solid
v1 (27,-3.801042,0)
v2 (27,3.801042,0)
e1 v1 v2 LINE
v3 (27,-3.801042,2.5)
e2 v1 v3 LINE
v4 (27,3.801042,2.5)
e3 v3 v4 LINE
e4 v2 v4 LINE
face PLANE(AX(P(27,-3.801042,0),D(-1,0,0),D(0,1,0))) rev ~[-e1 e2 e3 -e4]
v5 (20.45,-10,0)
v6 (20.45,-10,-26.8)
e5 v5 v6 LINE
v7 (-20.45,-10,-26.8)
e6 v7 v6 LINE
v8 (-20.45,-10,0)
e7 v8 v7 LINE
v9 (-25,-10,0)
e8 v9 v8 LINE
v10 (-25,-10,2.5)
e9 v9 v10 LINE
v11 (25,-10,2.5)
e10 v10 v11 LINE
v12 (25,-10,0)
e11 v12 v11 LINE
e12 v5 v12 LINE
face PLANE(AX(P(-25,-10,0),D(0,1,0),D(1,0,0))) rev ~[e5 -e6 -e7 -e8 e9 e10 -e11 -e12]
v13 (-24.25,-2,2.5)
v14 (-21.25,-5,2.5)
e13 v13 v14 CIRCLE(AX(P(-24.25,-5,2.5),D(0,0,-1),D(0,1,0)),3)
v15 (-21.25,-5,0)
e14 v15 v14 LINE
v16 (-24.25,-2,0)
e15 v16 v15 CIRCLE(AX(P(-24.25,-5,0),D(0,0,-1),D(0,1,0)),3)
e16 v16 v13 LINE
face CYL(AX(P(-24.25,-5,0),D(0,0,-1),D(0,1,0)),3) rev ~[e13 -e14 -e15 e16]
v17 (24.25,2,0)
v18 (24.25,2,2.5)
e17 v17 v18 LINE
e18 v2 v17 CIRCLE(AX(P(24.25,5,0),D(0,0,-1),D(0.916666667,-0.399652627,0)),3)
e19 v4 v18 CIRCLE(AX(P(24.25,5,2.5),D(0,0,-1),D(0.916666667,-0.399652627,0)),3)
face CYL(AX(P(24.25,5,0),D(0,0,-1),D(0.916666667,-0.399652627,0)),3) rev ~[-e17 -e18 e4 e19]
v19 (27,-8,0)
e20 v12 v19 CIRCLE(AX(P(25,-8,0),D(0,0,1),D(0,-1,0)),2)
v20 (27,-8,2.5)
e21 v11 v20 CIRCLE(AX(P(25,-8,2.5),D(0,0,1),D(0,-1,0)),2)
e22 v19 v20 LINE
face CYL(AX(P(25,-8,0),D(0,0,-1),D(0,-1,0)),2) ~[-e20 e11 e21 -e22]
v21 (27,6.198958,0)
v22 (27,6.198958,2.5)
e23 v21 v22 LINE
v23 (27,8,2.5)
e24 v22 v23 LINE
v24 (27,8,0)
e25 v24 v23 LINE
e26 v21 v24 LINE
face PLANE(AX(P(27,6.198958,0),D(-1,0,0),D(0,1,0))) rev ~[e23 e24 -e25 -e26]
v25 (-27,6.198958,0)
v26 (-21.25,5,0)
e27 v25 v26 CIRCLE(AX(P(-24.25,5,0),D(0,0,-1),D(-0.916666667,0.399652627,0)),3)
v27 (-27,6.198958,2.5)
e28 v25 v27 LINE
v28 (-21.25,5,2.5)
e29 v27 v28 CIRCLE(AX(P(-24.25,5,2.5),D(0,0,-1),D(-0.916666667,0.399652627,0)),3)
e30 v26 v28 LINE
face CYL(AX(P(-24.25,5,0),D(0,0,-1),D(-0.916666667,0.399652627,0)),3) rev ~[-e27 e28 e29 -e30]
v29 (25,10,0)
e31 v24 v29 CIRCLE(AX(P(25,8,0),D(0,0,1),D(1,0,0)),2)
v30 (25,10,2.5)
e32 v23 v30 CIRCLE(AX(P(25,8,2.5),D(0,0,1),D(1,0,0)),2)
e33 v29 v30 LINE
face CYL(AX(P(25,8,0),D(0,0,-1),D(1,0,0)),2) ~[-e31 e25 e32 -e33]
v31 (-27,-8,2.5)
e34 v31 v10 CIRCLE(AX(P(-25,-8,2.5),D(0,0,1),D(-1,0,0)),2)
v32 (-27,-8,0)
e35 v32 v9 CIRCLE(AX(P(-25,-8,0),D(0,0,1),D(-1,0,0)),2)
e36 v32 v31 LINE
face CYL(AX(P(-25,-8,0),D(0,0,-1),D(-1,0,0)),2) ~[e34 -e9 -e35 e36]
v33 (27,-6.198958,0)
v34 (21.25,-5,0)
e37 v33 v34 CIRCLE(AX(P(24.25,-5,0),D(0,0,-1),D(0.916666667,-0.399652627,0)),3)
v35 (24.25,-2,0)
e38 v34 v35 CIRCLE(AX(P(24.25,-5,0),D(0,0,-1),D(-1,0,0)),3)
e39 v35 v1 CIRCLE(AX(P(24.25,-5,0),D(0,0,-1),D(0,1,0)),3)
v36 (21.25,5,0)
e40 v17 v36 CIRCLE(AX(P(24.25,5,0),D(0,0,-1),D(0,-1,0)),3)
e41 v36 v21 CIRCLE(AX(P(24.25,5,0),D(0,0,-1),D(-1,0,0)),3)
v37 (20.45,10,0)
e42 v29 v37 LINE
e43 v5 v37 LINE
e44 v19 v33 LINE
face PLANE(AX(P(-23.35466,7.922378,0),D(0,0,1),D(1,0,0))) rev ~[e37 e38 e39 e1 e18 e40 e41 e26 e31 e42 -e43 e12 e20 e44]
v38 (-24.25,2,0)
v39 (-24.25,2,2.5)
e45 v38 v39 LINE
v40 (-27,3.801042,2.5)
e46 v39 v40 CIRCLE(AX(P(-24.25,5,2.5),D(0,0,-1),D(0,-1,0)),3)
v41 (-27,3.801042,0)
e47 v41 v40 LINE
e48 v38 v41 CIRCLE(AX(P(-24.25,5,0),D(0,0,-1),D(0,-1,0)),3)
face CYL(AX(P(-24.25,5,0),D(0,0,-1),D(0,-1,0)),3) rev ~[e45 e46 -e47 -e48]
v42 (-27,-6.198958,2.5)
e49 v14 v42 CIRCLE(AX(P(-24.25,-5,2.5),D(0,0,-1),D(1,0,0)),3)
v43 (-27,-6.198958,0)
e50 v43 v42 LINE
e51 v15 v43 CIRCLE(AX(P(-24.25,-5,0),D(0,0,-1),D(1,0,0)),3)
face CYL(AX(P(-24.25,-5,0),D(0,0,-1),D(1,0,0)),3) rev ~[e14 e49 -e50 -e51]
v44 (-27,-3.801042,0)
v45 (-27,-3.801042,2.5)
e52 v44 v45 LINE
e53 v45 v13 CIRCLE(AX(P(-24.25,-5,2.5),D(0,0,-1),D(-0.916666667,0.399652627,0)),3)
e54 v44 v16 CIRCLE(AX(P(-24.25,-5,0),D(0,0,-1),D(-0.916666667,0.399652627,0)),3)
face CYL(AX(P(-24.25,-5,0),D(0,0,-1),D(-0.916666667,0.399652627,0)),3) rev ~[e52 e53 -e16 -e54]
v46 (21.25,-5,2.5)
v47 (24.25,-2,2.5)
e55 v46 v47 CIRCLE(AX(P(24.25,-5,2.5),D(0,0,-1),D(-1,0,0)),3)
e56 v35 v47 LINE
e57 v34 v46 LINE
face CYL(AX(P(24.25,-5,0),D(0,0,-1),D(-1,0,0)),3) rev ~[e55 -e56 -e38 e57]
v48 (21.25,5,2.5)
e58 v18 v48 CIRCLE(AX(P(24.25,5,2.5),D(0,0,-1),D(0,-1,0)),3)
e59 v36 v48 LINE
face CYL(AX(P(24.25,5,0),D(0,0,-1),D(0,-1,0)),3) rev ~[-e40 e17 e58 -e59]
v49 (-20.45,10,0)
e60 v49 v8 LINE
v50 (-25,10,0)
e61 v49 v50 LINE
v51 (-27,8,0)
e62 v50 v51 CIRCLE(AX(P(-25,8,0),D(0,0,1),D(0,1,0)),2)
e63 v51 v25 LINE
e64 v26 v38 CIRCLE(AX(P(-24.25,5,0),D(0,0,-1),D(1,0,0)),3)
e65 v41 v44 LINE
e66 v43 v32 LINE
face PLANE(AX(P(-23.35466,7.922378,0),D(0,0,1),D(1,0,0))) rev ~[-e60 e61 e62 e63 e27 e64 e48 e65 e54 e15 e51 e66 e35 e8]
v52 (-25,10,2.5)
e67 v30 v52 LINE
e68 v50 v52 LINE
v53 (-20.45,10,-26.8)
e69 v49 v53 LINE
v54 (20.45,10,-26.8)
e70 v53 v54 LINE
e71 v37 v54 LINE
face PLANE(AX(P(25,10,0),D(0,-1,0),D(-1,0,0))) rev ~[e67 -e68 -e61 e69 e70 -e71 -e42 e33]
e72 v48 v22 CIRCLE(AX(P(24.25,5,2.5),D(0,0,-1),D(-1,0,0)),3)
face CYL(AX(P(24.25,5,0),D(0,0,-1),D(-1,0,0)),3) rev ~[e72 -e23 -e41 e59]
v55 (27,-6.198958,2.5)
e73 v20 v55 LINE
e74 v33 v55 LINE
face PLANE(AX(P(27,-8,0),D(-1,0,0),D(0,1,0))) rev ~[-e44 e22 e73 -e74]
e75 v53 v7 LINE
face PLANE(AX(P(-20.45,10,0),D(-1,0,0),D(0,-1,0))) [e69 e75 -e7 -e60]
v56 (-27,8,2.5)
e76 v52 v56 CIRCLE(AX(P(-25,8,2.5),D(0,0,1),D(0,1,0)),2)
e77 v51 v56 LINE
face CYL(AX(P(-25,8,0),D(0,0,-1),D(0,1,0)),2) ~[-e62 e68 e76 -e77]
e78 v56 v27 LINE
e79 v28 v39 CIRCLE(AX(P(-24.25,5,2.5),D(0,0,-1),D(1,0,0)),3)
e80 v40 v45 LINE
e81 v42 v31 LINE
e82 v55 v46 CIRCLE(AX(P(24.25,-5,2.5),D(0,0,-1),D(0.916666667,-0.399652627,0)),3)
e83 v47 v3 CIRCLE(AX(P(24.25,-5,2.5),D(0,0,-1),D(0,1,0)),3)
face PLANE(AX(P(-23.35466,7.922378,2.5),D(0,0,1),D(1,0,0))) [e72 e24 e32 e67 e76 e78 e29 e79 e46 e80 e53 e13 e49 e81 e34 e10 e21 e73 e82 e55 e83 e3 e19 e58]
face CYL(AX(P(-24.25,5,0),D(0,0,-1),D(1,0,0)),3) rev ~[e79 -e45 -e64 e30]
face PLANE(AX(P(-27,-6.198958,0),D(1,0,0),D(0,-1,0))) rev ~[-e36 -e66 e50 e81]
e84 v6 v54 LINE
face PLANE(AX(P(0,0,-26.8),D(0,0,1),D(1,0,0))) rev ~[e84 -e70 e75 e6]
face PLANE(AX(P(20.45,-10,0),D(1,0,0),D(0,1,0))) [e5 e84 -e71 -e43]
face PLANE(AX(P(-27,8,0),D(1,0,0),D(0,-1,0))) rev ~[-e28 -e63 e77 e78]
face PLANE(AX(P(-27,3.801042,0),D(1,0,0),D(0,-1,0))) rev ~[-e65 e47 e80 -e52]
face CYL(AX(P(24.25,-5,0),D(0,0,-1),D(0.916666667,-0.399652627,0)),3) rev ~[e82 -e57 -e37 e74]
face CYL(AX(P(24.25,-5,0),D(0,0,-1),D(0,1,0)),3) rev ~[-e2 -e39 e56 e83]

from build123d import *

# Parameters (mm, degrees)
F0_W     = 40.9
F0_H     = 10
F0_H_2   = 5
F1_DEPTH = 26.8
F2_DEPTH = 2.5


with BuildPart() as f1:
    # F0 (on Top) → F1 (new body)
    with BuildSketch(Plane.XY):
        Rectangle(F0_W, F0_H)
        with Locations((0, -7.5)):
            Rectangle(F0_W, F0_H_2)
        with Locations((0, 7.5)):
            Rectangle(F0_W, F0_H_2)
    extrude(amount=-F1_DEPTH)

    # F0 (on Top) → F2 (join)
    with BuildSketch(Plane.XY):
        with BuildLine():
            Line((-21.25, 5), (-20.45, 5))
            Line((-20.45, 5), (-20.45, 10))
            Line((-20.45, 10), (-25, 10))
            ThreePointArc((-25, 10), (-26.4142135624, 9.4142135624), (-27, 8))
            Line((-27, 8), (-27, 6.1989578808))
            ThreePointArc((-27, 6.1989578808), (-23.6376275643, 7.9368350311), (-21.25, 5))
        make_face()
        with BuildLine():
            Line((-21.25, -5), (-20.45, -5))
            Line((-20.45, -5), (-20.45, 5))
            Line((-20.45, 5), (-21.25, 5))
            ThreePointArc((-21.25, 5), (-22.1286796564, 2.8786796564), (-24.25, 2))
            Line((-24.25, 2), (-24.25, -2))
            ThreePointArc((-24.25, -2), (-22.1286796564, -2.8786796564), (-21.25, -5))
        make_face()
        with BuildLine():
            ThreePointArc((-27, -3.8010421192), (-25.8936432638, -2.4903313324), (-24.25, -2))
            Line((-24.25, -2), (-24.25, 2))
            ThreePointArc((-24.25, 2), (-25.8936432638, 2.4903313324), (-27, 3.8010421192))
            Line((-27, 3.8010421192), (-27, -3.8010421192))
        make_face()
        with BuildLine():
            Line((-25, -10), (-20.45, -10))
            Line((-20.45, -10), (-20.45, -5))
            Line((-20.45, -5), (-21.25, -5))
            ThreePointArc((-21.25, -5), (-23.6376275643, -7.9368350311), (-27, -6.1989578808))
            Line((-27, -6.1989578808), (-27, -8))
            ThreePointArc((-27, -8), (-26.4142135624, -9.4142135624), (-25, -10))
        make_face()
        with Locations((0, -7.5)):
            Rectangle(F0_W, F0_H_2)
        Rectangle(F0_W, F0_H)
        with BuildLine():
            Line((20.45, -5), (20.45, -10))
            Line((20.45, -10), (25, -10))
            ThreePointArc((25, -10), (26.4142135624, -9.4142135624), (27, -8))
            Line((27, -8), (27, -6.1989578808))
            ThreePointArc((27, -6.1989578808), (23.6376275643, -7.9368350311), (21.25, -5))
            Line((21.25, -5), (20.45, -5))
        make_face()
        with Locations((0, 7.5)):
            Rectangle(F0_W, F0_H_2)
        with BuildLine():
            Line((20.45, 10), (20.45, 5))
            Line((20.45, 5), (21.25, 5))
            ThreePointArc((21.25, 5), (23.6376275643, 7.9368350311), (27, 6.1989578808))
            Line((27, 6.1989578808), (27, 8))
            ThreePointArc((27, 8), (26.4142135624, 9.4142135624), (25, 10))
            Line((25, 10), (20.45, 10))
        make_face()
        with BuildLine():
            Line((20.45, 5), (20.45, -5))
            Line((20.45, -5), (21.25, -5))
            ThreePointArc((21.25, -5), (22.1286796564, -2.8786796564), (24.25, -2))
            Line((24.25, -2), (24.25, 2))
            ThreePointArc((24.25, 2), (22.1286796564, 2.8786796564), (21.25, 5))
            Line((21.25, 5), (20.45, 5))
        make_face()
        with BuildLine():
            Line((24.25, 2), (24.25, -2))
            ThreePointArc((24.25, -2), (25.8936432638, -2.4903313324), (27, -3.8010421192))
            Line((27, -3.8010421192), (27, 3.8010421192))
            ThreePointArc((27, 3.8010421192), (25.8936432638, 2.4903313324), (24.25, 2))
        make_face()
    extrude(amount=F2_DEPTH)


solid = f1.part
